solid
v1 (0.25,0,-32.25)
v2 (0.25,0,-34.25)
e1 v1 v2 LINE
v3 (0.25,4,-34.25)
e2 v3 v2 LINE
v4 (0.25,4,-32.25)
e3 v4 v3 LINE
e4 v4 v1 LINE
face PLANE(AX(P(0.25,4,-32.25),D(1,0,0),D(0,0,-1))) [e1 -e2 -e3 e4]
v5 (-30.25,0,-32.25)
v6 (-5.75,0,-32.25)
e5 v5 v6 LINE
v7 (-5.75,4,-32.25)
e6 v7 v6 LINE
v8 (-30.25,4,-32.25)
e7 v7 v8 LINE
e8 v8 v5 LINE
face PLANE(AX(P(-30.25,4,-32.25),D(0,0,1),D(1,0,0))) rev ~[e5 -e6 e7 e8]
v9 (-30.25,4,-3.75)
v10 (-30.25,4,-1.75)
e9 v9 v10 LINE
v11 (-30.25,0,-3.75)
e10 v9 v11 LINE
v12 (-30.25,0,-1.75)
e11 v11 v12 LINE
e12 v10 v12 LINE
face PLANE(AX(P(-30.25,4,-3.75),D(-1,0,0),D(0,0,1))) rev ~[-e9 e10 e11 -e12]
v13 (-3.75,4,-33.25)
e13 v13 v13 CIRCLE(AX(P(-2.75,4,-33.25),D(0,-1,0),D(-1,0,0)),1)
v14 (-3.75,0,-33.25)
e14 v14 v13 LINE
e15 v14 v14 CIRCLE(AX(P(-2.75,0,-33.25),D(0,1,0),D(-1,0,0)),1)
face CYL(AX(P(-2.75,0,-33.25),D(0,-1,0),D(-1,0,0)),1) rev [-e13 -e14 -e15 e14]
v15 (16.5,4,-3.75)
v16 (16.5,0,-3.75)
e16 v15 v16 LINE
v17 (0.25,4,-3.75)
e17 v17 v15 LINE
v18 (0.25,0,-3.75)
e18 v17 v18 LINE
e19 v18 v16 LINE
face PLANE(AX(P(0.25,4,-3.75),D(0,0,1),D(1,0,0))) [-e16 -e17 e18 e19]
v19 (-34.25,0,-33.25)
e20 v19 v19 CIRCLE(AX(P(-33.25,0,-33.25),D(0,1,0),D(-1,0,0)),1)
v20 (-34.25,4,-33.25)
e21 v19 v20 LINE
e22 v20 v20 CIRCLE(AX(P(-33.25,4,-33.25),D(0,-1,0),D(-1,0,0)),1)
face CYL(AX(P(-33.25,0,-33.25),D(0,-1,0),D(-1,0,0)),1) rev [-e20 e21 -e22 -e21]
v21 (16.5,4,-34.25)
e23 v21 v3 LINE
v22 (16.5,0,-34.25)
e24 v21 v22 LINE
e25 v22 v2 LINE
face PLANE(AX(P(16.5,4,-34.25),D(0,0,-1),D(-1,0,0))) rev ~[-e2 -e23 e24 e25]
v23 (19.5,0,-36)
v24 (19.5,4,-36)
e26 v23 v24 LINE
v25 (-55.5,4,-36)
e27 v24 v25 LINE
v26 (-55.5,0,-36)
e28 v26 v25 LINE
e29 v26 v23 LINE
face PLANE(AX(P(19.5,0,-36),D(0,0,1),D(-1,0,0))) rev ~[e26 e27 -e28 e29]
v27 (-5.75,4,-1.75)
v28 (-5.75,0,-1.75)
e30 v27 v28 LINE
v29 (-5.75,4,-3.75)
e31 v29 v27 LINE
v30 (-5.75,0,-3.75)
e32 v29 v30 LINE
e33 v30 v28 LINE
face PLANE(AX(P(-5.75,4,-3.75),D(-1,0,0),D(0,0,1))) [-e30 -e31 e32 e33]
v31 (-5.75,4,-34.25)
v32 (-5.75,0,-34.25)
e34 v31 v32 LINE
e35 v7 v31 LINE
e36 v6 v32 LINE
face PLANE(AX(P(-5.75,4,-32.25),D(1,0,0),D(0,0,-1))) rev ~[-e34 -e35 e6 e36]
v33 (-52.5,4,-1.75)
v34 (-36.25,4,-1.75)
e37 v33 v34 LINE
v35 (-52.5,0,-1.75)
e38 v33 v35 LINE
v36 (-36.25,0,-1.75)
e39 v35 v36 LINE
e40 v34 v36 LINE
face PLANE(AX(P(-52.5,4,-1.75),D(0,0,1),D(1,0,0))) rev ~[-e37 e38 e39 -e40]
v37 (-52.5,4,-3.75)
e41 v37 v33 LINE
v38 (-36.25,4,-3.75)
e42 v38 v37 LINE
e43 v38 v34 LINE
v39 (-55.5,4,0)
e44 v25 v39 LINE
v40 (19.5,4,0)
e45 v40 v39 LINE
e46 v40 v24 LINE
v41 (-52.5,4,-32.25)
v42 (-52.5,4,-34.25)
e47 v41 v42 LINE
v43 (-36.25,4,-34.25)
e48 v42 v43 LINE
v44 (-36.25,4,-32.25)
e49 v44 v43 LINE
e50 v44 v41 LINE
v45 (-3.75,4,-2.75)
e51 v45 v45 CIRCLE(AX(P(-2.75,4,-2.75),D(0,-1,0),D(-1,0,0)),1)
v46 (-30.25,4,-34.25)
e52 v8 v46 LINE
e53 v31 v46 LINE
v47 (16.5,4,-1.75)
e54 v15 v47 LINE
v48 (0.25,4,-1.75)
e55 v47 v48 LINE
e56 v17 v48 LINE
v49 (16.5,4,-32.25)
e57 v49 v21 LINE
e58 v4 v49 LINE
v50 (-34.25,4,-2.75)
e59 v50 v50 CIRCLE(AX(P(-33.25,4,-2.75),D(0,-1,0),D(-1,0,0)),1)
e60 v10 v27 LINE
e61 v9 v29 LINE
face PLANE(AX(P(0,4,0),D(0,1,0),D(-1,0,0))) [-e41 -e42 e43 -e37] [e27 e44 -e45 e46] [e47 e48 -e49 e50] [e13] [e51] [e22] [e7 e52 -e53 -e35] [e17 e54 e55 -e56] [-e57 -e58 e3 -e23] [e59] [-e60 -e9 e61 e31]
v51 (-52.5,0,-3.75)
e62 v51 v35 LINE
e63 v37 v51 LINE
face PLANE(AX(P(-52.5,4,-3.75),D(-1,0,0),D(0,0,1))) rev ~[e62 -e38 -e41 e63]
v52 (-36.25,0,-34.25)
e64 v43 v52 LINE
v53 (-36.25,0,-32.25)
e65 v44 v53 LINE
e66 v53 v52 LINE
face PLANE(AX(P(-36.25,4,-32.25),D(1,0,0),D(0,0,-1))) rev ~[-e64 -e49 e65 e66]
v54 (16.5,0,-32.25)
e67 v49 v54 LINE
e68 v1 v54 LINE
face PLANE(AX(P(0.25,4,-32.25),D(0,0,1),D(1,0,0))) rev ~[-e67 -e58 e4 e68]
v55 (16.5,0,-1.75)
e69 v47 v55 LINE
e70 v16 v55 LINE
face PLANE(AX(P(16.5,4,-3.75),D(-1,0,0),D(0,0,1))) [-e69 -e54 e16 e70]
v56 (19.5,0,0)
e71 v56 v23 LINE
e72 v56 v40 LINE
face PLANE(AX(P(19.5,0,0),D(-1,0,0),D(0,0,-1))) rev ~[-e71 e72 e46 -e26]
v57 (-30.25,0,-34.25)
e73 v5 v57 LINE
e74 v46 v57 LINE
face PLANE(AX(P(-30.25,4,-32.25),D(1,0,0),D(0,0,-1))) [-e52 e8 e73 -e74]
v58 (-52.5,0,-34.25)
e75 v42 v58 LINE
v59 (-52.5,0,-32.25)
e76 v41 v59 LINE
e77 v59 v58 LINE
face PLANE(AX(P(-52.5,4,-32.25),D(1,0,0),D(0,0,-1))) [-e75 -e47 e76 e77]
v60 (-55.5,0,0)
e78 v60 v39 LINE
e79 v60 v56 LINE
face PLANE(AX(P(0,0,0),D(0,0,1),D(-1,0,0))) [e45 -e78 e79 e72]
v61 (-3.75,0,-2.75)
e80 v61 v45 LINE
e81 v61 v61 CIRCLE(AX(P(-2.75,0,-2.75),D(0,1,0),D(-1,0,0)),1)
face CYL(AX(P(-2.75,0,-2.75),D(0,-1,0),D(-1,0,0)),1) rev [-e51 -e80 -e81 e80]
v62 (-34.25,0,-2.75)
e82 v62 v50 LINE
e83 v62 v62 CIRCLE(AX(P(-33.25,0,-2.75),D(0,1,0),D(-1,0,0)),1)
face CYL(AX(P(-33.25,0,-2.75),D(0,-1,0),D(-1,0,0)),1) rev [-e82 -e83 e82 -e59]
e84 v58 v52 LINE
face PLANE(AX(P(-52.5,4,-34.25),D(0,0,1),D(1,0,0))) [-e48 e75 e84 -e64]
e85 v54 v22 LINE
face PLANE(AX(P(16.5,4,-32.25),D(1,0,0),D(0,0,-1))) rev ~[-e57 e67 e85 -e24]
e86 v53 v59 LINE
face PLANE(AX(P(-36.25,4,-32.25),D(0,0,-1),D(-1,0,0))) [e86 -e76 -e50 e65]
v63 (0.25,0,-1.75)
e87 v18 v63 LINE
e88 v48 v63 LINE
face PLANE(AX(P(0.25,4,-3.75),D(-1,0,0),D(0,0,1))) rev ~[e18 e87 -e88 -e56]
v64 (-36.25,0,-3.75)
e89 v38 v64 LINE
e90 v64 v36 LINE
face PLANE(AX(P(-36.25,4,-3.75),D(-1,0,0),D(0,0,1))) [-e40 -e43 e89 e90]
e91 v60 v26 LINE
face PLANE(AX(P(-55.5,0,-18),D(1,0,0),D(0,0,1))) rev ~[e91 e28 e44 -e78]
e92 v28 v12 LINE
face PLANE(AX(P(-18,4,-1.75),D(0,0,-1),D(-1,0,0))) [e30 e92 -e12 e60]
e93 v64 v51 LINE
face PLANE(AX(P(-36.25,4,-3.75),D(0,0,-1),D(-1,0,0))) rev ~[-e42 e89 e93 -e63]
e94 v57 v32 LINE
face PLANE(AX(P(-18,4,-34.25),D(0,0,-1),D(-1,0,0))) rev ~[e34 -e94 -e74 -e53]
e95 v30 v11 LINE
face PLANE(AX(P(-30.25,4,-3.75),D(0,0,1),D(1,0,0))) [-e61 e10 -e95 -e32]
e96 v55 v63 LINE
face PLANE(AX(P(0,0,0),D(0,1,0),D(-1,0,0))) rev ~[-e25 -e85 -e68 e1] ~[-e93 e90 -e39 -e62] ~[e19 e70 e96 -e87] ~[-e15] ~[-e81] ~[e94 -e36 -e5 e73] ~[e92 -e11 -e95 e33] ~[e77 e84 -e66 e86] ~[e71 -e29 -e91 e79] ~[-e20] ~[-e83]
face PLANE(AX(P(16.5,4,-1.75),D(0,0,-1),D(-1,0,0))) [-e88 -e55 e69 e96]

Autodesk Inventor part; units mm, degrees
ref_plane "YZ Plane" through (0, 0, 0) normal (1, 0, 0) x (0, 1, 0)
ref_plane "XZ Plane" through (0, 0, 0) normal (0, 1, 0) x (-1, 0, 0)
ref_plane "XY Plane" through (0, 0, 0) normal (0, 0, 1) x (1, 0, 0)
sketch "Sketch1" plane through (0, 0, 0) normal (0, 1, 0) x (-1, 0, 0)
  line L0 (0, 0) -> (36, 0)
  line L1 (36, 0) -> (36, -36)
  line L2 (36, -36) -> (0, -36)
  line L3 (0, -36) -> (0, 0)
  line L4 (0, 0) -> (18, 0)
  line L5 (18, 0) -> (18, -18)
  line L6 (18, -18) -> (0, -18)
  line L7 (0, -18) -> (0, 0)
  line L8 (18, -18) -> (33.25, -18)
  line L9 (33.25, -18) -> (33.25, -33.25)
  line L10 (33.25, -33.25) -> (18, -33.25)
  line L11 (18, -33.25) -> (18, -18)
  line L12 (33.25, -33.25) -> (2.75, -33.25)
  line L13 (2.75, -33.25) -> (2.75, -2.75)
  line L14 (2.75, -2.75) -> (33.25, -2.75)
  line L15 (33.25, -2.75) -> (33.25, -33.25)
  circle A0 centre (33.25, -2.75) radius 1
  circle A1 centre (33.25, -33.25) radius 1
  circle A2 centre (2.75, -33.25) radius 1
  circle A3 centre (2.75, -2.75) radius 1
  line L16 (18, -18) -> (55.5, -18)
  line L17 (55.5, -18) -> (55.5, 0)
  line L18 (55.5, 0) -> (18, 0)
  line L19 (18, 0) -> (18, -18)
  line L20 (55.5, 0) -> (-19.5, 0)
  line L21 (-19.5, 0) -> (-19.5, -36)
  line L22 (-19.5, -36) -> (55.5, -36)
  line L23 (55.5, -36) -> (55.5, 0)
  line L24 (-19.5, 0) -> (55.5, 0)
  line L25 (55.5, 0) -> (55.5, 10)
  line L26 (55.5, 10) -> (-19.5, 10)
  line L27 (-19.5, 10) -> (-19.5, 0)
  line L28 (-19.5, -36) -> (55.5, -36)
  line L29 (55.5, -36) -> (55.5, -46)
  line L30 (55.5, -46) -> (-19.5, -46)
  line L31 (-19.5, -46) -> (-19.5, -36)
  dimension "d0" = 36
  dimension "d1" = 36
  dimension "d2" = 18
  dimension "d3" = 18
  dimension "d4" = 15.25
  dimension "d5" = 15.25
  dimension "d6" = 30.5
  dimension "d7" = 30.5
  dimension "d8" = 2
  dimension "d9" = 2
  dimension "d10" = 2
  dimension "d11" = 2
  dimension "d12" = 37.5
  dimension "d13" = 75
  dimension "d16" = 75
  dimension "d17" = 10
  dimension "d18" = 75
  dimension "d19" = 10
extrude "Extrusion1" add sketch "Sketch1" along normal blind 4 contours L0 L5 L14 A3 L13 L6 L3 | L3 L22 L21 L20 | L0 L1 L16 L15 A0 L14 L5 | L6 L13 A2 L12 L10 A1 L9 L16 L1 L2 L3 | L18 L17 L16 L1 | L14 A0 L15 L8 L5 | L5 L6 L13 A3 L14 | L6 L11 L12 A2 L13 | L16 L23 L22 L1 | L8 L9 A1 L10 L11
sketch "Sketch2" plane through (0, 4, 0) normal (0, 1, 0) x (1, 0, 0)
  circle A0 centre (-33.25, 2.75) radius 1 projected
  line L0 (-33.25, 3.75) -> (-33.25, 1.75)
  line L1 (-33.25, 3.75) -> (-30.25, 3.75)
  line L2 (-30.25, 3.75) -> (-30.25, 1.75)
  line L3 (-30.25, 1.75) -> (-33.25, 1.75)
  line L4 (-33.25, 1.75) -> (-33.25, 3.75)
  line L5 (-30.25, 1.75) -> (-30.25, 3.75)
  line L6 (-55.5, 0) -> (19.5, 0) projected
  line L7 (19.5, 0) -> (19.5, 36) projected
  line L8 (-55.5, 0) -> (19.5, 0)
  line L9 (19.5, 0) -> (19.5, 18)
  line L10 (19.5, 18) -> (-55.5, 18)
  line L11 (-55.5, 18) -> (-55.5, 0)
  line L12 (-33.25, 3.75) -> (-55.5, 3.75)
  line L13 (-55.5, 3.75) -> (-55.5, 1.75)
  line L14 (-55.5, 1.75) -> (-33.25, 1.75)
  line L15 (-33.25, 1.75) -> (-33.25, 3.75)
  line L16 (-33.25, 3.75) -> (-36.25, 3.75)
  line L17 (-36.25, 3.75) -> (-36.25, 1.75)
  line L18 (-36.25, 1.75) -> (-33.25, 1.75)
  line L19 (-33.25, 1.75) -> (-33.25, 3.75)
  line L20 (-55.5, 3.75) -> (-52.5, 3.75)
  line L21 (-52.5, 3.75) -> (-52.5, 1.75)
  line L22 (-52.5, 1.75) -> (-55.5, 1.75)
  line L23 (-55.5, 1.75) -> (-55.5, 3.75)
  line L24 (-55.5, 36) -> (-55.5, 0) projected
  line L25 (-55.5, 36) -> (-18, 36)
  line L26 (-18, 36) -> (-18, 0)
  line L27 (-18, 0) -> (-55.5, 0)
  line L28 (-55.5, 0) -> (-55.5, 36)
  line L29 (-30.25, 3.75) -> (-18, 3.75)
  line L30 (-18, 3.75) -> (-18, 1.75)
  line L31 (-18, 1.75) -> (-30.25, 1.75)
  line L32 (-30.25, 1.75) -> (-30.25, 3.75)
  circle A1 centre (-33.25, 33.25) radius 1
  line L33 (-33.25, 32.25) -> (-33.25, 34.25)
  line L34 (-33.25, 32.25) -> (-30.25, 32.25)
  line L35 (-30.25, 32.25) -> (-30.25, 34.25)
  line L36 (-30.25, 34.25) -> (-33.25, 34.25)
  line L37 (-33.25, 34.25) -> (-33.25, 32.25)
  line L38 (-30.25, 34.25) -> (-30.25, 32.25)
  line L39 (-33.25, 32.25) -> (-55.5, 32.25)
  line L40 (-55.5, 32.25) -> (-55.5, 34.25)
  line L41 (-55.5, 34.25) -> (-33.25, 34.25)
  line L42 (-33.25, 34.25) -> (-33.25, 32.25)
  line L43 (-33.25, 32.25) -> (-36.25, 32.25)
  line L44 (-36.25, 32.25) -> (-36.25, 34.25)
  line L45 (-36.25, 34.25) -> (-33.25, 34.25)
  line L46 (-33.25, 34.25) -> (-33.25, 32.25)
  line L47 (-55.5, 32.25) -> (-52.5, 32.25)
  line L48 (-52.5, 32.25) -> (-52.5, 34.25)
  line L49 (-52.5, 34.25) -> (-55.5, 34.25)
  line L50 (-55.5, 34.25) -> (-55.5, 32.25)
  line L51 (-30.25, 32.25) -> (-18, 32.25)
  line L52 (-18, 32.25) -> (-18, 34.25)
  line L53 (-18, 34.25) -> (-30.25, 34.25)
  line L54 (-30.25, 34.25) -> (-30.25, 32.25)
  circle A2 centre (-2.75, 2.75) radius 1
  line L55 (-2.75, 3.75) -> (-2.75, 1.75)
  line L56 (-2.75, 3.75) -> (-5.75, 3.75)
  line L57 (-5.75, 3.75) -> (-5.75, 1.75)
  line L58 (-5.75, 1.75) -> (-2.75, 1.75)
  line L59 (-2.75, 1.75) -> (-2.75, 3.75)
  line L60 (-5.75, 1.75) -> (-5.75, 3.75)
  line L61 (19.5, 18) -> (19.5, 0)
  line L62 (-2.75, 3.75) -> (19.5, 3.75)
  line L63 (19.5, 3.75) -> (19.5, 1.75)
  line L64 (19.5, 1.75) -> (-2.75, 1.75)
  line L65 (-2.75, 1.75) -> (-2.75, 3.75)
  line L66 (-2.75, 3.75) -> (0.25, 3.75)
  line L67 (0.25, 3.75) -> (0.25, 1.75)
  line L68 (0.25, 1.75) -> (-2.75, 1.75)
  line L69 (-2.75, 1.75) -> (-2.75, 3.75)
  line L70 (19.5, 3.75) -> (16.5, 3.75)
  line L71 (16.5, 3.75) -> (16.5, 1.75)
  line L72 (16.5, 1.75) -> (19.5, 1.75)
  line L73 (19.5, 1.75) -> (19.5, 3.75)
  line L74 (19.5, 36) -> (19.5, 0)
  line L75 (19.5, 36) -> (-18, 36)
  line L76 (-18, 0) -> (19.5, 0)
  line L77 (19.5, 0) -> (19.5, 36)
  line L78 (-5.75, 3.75) -> (-18, 3.75)
  line L79 (-18, 1.75) -> (-5.75, 1.75)
  line L80 (-5.75, 1.75) -> (-5.75, 3.75)
  circle A3 centre (-2.75, 33.25) radius 1
  line L81 (-2.75, 32.25) -> (-2.75, 34.25)
  line L82 (-2.75, 32.25) -> (19.5, 32.25)
  line L83 (19.5, 34.25) -> (-2.75, 34.25)
  line L84 (16.5, 32.25) -> (16.5, 34.25)
  line L85 (19.5, 32.25) -> (16.5, 32.25)
  line L86 (16.5, 34.25) -> (19.5, 34.25)
  line L87 (19.5, 32.25) -> (19.5, 34.25)
  line L88 (19.5, 34.25) -> (19.5, 32.25)
  line L89 (0.25, 32.25) -> (0.25, 34.25)
  line L90 (-2.75, 32.25) -> (0.25, 32.25)
  line L91 (-2.75, 34.25) -> (-2.75, 32.25)
  line L92 (-2.75, 34.25) -> (-2.75, 32.25)
  line L93 (-2.75, 34.25) -> (-2.75, 32.25)
  line L94 (-2.75, 32.25) -> (-5.75, 32.25)
  line L95 (-5.75, 32.25) -> (-5.75, 34.25)
  line L96 (-5.75, 34.25) -> (-5.75, 32.25)
  line L97 (-5.75, 34.25) -> (-2.75, 34.25)
  line L98 (0.25, 34.25) -> (-2.75, 34.25)
  line L99 (-5.75, 34.25) -> (-5.75, 32.25)
  line L100 (-5.75, 32.25) -> (-18, 32.25)
  line L101 (-18, 34.25) -> (-5.75, 34.25)
  dimension "d20" = 3
  dimension "d24" = 3
  dimension "d25" = 3
extrude "Extrusion2" cut sketch "Sketch2" against normal up to surface (4 mm away) contours L29 L26 L31 L2 | L17 L14 L21 L12 | L78 L57 L79 L26 | L51 L35 L53 L26 | L26 L101 L95 L100 | L62 L71 L64 L67 | L82 L89 L83 L84 | L48 L41 L44 L39
properties part number "base"
